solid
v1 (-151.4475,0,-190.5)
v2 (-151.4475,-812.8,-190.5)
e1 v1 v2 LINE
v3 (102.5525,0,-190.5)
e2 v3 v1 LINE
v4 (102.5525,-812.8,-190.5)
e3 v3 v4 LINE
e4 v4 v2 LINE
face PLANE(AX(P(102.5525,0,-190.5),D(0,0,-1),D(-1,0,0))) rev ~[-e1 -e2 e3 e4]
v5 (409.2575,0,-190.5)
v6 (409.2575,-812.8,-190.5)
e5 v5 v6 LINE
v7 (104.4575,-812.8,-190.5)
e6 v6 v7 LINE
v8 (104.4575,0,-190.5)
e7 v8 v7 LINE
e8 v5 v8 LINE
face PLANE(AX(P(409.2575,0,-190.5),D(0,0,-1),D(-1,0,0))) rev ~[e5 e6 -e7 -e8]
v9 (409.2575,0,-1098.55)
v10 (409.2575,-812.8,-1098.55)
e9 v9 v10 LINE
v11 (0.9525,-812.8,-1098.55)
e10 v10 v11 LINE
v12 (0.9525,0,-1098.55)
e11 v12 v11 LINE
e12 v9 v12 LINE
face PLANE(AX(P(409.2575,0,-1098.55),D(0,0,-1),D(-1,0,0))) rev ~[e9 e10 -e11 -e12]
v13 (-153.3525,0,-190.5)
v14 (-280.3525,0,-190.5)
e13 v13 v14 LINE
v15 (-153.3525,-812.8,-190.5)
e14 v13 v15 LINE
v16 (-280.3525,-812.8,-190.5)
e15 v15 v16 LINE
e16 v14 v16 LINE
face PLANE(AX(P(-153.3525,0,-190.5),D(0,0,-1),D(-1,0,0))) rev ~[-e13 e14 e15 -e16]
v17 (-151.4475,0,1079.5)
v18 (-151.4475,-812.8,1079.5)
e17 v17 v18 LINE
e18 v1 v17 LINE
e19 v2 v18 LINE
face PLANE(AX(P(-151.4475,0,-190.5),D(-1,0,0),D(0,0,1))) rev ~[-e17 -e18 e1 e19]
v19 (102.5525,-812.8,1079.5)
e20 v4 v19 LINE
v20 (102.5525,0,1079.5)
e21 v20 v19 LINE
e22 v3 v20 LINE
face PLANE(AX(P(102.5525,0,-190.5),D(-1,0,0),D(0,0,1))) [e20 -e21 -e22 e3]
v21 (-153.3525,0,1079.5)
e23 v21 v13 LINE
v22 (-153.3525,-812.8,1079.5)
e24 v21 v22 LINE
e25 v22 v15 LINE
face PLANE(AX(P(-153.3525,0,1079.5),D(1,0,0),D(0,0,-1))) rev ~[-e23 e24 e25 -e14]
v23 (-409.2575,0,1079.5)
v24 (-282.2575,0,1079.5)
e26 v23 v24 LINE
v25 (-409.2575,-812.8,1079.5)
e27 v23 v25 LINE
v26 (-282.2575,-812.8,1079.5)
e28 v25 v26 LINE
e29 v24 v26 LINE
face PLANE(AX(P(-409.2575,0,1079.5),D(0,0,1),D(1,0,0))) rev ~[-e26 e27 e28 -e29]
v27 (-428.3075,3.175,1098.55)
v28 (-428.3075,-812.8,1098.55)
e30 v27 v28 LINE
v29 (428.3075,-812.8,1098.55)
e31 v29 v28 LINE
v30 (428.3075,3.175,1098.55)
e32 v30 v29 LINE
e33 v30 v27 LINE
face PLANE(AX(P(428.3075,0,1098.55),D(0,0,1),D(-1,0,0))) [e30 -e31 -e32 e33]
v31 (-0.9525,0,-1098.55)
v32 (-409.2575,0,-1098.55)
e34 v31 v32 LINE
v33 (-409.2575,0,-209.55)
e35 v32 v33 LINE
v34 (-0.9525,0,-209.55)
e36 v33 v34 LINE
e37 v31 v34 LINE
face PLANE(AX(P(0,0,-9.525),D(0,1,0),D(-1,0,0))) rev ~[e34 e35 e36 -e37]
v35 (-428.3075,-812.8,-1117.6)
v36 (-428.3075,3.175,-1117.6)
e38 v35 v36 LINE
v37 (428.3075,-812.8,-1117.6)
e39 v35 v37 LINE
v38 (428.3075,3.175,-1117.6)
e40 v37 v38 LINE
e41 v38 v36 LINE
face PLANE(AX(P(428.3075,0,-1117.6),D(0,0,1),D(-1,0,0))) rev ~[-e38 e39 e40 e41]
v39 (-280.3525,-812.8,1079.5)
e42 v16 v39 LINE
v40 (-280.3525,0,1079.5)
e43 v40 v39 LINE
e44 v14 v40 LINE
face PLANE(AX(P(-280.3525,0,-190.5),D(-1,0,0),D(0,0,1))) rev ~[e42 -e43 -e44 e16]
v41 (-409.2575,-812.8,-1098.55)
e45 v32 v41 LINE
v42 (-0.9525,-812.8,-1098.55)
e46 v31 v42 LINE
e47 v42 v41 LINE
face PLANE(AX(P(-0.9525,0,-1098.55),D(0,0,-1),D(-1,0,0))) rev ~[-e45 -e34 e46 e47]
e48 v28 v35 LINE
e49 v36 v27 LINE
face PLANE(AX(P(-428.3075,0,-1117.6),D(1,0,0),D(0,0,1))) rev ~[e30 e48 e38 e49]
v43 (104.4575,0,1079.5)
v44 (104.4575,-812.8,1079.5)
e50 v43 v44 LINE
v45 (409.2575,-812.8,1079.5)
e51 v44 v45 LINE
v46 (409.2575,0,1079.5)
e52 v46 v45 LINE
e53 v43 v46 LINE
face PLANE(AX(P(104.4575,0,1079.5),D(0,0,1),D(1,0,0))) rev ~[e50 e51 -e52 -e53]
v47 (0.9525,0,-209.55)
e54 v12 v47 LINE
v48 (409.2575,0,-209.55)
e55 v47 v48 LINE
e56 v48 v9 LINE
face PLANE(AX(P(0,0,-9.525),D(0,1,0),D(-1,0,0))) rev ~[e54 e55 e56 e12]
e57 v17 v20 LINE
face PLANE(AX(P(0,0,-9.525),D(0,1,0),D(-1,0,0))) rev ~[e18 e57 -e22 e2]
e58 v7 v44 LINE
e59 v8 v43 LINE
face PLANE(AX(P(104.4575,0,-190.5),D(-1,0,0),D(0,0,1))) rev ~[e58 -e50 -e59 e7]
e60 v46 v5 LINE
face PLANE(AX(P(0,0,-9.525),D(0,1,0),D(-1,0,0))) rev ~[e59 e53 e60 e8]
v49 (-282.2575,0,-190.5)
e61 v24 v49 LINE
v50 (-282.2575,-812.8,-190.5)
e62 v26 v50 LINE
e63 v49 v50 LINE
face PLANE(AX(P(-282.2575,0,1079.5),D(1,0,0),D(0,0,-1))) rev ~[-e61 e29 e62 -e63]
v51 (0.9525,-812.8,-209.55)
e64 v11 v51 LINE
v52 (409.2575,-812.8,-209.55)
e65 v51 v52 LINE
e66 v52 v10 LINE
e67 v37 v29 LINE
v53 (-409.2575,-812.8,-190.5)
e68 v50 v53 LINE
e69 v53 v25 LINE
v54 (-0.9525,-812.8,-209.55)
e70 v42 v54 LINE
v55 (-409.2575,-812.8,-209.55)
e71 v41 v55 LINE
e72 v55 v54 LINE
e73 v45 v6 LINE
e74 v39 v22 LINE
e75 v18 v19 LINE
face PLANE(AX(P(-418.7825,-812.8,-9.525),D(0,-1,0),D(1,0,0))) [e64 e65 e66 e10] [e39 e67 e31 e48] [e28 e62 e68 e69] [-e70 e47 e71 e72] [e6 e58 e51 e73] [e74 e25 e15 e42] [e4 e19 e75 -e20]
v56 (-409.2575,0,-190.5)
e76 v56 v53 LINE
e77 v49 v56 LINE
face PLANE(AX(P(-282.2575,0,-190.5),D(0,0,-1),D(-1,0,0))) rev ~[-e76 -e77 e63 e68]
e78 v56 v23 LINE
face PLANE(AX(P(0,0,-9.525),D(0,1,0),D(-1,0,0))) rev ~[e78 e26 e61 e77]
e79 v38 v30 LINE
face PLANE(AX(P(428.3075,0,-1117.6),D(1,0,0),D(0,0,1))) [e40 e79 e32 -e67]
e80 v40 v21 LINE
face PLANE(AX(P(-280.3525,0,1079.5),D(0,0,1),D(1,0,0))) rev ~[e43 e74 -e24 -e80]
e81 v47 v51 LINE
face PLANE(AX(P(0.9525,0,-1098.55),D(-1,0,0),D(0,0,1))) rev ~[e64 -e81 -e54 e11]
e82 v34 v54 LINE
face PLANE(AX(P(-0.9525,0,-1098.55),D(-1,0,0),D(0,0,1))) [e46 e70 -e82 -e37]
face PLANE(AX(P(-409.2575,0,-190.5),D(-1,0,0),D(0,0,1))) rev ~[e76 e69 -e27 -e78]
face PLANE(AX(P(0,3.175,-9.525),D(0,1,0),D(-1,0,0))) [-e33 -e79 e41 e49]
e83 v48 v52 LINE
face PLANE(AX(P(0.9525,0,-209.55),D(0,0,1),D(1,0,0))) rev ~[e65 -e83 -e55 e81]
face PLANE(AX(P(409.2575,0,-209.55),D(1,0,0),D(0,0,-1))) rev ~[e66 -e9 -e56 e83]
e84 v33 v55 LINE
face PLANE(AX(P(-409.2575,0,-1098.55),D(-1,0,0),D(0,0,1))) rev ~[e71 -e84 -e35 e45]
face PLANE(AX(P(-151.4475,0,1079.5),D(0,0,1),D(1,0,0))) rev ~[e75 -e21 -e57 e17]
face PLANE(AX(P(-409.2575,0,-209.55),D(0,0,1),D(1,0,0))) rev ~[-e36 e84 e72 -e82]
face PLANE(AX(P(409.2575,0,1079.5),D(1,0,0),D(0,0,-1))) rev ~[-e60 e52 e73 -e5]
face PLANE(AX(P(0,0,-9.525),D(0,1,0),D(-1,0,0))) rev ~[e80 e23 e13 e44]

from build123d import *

# Parameters (mm, degrees)
F0_W     = 1.905
F0_H     = 889
F0_H_2   = 1270
F0_W_2   = 127
F0_H_3   = 19.05
F1_DEPTH = 812.8
F2_W     = 856.615
F2_H     = 2216.15
F3_DEPTH = 3.175


with BuildPart() as f1:
    # F0 (on Front) → F1 (new body)
    with BuildSketch(Plane.XZ):
        Polygon((-409.2575, 1079.5), (-409.2575, 1098.55), (-428.3075, 1098.55), (-428.3075, -1117.6), (-409.2575, -1117.6), (-409.2575, -1098.55), (-409.2575, -209.55), (-409.2575, -190.5), align=None)
        Polygon((-409.2575, -1098.55), (-409.2575, -1117.6), (409.2575, -1117.6), (409.2575, -1098.55), (0.9525, -1098.55), (-0.9525, -1098.55), align=None)
        Polygon((428.3075, 1098.55), (409.2575, 1098.55), (409.2575, 1079.5), (409.2575, 463.55), (409.2575, 419.1), (409.2575, -190.5), (409.2575, -209.55), (409.2575, -342.9), (409.2575, -1098.55), (409.2575, -1117.6), (428.3075, -1117.6), align=None)
        Polygon((-282.2575, -190.5), (-409.2575, -190.5), (-409.2575, -209.55), (-0.9525, -209.55), (0.9525, -209.55), (409.2575, -209.55), (409.2575, -190.5), (104.4575, -190.5), (102.5525, -190.5), (-151.4475, -190.5), (-153.3525, -190.5), (-280.3525, -190.5), align=None)
        with Locations((0, -654.05)):
            Rectangle(F0_W, F0_H)
        with Locations((-281.305, 444.5)):
            Rectangle(F0_W, F0_H_2)
        with Locations((-152.4, 444.5)):
            Rectangle(F0_W, F0_H_2)
        with Locations((103.505, 444.5)):
            Rectangle(F0_W, F0_H_2)
        Polygon((102.5525, 1098.55), (-153.3525, 1098.55), (-153.3525, 1079.5), (-151.4475, 1079.5), (102.5525, 1079.5), align=None)
        Polygon((409.2575, 1098.55), (102.5525, 1098.55), (102.5525, 1079.5), (104.4575, 1079.5), (409.2575, 1079.5), align=None)
        Polygon((-153.3525, 1098.55), (-282.2575, 1098.55), (-282.2575, 1079.5), (-280.3525, 1079.5), (-153.3525, 1079.5), align=None)
        with Locations((-345.7575, 1089.025)):
            Rectangle(F0_W_2, F0_H_3)
    extrude(amount=F1_DEPTH)

    # F2 (on face) → F3 (join)
    with BuildSketch(Plane(origin=(0, 0, 0), x_dir=(-1, 0, 0), z_dir=(0, 1, 0))):
        with Locations((0, -9.525)):
            Rectangle(F2_W, F2_H)
    extrude(amount=F3_DEPTH)


solid = f1.part
